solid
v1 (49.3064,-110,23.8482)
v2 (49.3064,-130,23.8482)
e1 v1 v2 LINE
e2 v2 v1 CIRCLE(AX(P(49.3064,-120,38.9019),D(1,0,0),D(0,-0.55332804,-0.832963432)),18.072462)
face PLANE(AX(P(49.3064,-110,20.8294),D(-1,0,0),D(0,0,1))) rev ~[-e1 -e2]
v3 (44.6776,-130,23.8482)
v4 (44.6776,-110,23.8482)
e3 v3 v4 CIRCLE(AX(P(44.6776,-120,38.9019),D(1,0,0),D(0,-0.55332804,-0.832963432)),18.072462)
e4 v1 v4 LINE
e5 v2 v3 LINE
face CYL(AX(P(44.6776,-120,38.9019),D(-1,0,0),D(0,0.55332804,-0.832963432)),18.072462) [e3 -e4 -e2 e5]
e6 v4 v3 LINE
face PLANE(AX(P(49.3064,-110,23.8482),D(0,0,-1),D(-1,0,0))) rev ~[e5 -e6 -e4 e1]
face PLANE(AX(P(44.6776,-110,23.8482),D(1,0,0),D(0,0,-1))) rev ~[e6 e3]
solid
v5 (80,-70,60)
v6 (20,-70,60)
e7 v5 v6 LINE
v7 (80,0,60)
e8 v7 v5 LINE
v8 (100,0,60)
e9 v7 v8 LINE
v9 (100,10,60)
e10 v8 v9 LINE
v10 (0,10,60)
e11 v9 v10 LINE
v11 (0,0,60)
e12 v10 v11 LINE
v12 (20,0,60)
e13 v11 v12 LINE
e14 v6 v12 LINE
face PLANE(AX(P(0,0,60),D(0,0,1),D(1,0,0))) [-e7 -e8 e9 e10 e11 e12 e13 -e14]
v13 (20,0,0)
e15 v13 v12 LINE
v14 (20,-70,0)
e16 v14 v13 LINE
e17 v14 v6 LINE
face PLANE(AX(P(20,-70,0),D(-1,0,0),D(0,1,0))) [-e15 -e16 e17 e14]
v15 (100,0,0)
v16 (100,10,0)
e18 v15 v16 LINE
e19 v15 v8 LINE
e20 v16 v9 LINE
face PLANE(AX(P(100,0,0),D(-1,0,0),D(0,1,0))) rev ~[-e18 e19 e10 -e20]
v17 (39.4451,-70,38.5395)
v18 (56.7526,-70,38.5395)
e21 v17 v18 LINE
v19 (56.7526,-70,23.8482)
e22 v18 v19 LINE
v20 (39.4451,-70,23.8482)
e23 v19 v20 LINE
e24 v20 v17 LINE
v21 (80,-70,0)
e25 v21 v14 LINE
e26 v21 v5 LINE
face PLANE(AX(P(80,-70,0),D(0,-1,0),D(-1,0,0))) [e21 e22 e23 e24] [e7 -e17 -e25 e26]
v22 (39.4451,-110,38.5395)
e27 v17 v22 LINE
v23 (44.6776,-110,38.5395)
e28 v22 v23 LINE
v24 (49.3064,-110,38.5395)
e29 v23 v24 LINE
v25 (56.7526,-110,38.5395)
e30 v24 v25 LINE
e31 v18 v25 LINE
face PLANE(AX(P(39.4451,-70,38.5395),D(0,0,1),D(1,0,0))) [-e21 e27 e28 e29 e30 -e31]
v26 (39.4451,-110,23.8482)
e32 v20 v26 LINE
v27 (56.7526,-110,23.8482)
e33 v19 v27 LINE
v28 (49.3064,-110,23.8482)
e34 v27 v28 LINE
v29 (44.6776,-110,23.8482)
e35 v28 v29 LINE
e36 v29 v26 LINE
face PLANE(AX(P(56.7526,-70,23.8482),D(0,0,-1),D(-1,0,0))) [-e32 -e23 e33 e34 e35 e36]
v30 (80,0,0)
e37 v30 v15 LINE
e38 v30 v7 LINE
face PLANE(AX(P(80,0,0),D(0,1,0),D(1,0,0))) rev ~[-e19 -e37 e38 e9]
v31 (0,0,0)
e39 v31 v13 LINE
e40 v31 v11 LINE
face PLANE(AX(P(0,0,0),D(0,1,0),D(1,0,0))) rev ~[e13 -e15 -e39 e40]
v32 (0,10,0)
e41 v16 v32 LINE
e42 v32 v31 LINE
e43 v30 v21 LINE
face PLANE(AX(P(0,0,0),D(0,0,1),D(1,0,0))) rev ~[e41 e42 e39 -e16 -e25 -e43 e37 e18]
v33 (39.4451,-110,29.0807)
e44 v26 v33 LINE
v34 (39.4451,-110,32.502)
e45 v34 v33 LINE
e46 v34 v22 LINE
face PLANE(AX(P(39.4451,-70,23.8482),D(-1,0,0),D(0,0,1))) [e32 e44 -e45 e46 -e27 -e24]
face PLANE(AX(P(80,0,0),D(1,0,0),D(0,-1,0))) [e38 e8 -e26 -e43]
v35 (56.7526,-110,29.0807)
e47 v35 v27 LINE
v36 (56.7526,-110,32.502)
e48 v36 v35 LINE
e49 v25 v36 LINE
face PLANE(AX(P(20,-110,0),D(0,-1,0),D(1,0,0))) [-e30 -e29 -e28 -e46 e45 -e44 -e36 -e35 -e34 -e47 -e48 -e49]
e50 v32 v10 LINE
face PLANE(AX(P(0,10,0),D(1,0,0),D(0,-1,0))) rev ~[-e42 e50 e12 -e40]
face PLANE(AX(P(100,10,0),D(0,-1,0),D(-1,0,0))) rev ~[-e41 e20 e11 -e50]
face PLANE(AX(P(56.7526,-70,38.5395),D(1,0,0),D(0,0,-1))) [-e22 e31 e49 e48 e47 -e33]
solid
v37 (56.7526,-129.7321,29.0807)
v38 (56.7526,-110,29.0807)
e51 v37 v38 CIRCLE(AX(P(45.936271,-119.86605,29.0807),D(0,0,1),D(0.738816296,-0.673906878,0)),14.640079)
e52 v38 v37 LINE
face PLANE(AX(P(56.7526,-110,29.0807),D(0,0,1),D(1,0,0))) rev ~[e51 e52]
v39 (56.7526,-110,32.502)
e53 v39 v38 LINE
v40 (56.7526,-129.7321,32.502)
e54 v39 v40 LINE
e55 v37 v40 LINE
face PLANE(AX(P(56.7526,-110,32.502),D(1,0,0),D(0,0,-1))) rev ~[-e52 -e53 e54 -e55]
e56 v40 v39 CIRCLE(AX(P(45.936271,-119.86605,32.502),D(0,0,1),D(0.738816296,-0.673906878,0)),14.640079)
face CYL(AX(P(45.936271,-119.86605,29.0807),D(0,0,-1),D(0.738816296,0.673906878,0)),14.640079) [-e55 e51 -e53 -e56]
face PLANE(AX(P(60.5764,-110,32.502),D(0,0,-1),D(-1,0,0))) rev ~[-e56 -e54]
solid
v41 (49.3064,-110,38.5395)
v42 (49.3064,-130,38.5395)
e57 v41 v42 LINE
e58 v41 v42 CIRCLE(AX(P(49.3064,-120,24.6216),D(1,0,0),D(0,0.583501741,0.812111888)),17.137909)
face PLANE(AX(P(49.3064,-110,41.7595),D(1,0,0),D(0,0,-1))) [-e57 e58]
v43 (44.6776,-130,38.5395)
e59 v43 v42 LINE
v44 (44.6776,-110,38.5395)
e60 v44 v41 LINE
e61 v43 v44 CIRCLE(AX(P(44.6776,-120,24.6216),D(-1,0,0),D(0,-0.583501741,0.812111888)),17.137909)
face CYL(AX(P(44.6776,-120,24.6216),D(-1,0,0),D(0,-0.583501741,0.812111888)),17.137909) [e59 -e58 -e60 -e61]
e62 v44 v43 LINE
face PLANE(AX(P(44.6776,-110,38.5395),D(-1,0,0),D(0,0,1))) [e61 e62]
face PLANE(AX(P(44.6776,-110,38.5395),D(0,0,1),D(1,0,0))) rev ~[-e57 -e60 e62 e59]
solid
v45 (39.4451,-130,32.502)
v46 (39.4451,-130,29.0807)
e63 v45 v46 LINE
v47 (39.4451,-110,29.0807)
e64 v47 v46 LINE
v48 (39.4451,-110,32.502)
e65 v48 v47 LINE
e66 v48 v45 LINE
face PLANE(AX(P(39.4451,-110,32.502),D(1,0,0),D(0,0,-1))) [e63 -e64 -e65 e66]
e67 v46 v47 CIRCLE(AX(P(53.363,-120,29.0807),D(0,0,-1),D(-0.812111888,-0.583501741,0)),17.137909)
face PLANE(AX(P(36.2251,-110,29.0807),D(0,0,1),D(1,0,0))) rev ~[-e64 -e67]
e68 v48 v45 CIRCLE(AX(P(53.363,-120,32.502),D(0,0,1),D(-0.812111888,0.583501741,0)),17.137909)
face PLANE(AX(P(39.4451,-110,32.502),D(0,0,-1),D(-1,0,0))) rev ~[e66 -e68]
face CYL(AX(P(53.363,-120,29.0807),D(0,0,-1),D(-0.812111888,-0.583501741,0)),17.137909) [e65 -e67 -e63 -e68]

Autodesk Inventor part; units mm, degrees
ref_plane "YZ Plane" through (0, 0, 0) normal (1, 0, 0) x (0, 1, 0)
ref_plane "XZ Plane" through (0, 0, 0) normal (0, 1, 0) x (-1, 0, 0)
ref_plane "XY Plane" through (0, 0, 0) normal (0, 0, 1) x (1, 0, 0)
sketch "Sketch1" plane through (0, 0, 0) normal (0, 0, 1) x (1, 0, 0)
  line L0 (0, 0) -> (100, 0)
  line L1 (100, 0) -> (100, 10)
  line L2 (100, 10) -> (0, 10)
  line L3 (0, 10) -> (0, 0)
  line L4 (20, 0) -> (80, 0)
  line L5 (80, 0) -> (80, -70)
  line L6 (80, -70) -> (20, -70)
  line L7 (20, -70) -> (20, 0)
  dimension "d0" = 100
  dimension "d1" = 10
  dimension "d2" = 60
  dimension "d3" = 70
extrude "Extrusion1" add sketch "Sketch1" along normal blind 60
sketch "Sketch3" plane through (20, -70, 0) normal (0, -1, 0) x (1, 0, 0)
  line L0 (36.7526, 23.8482) -> (19.4451, 23.8482)
  line L1 (19.4451, 23.8482) -> (19.4451, 38.5395)
  line L2 (19.4451, 38.5395) -> (36.7526, 38.5395)
  line L3 (36.7526, 38.5395) -> (36.7526, 23.8482)
  point P0 (-20, 0)
extrude "Extrusion2" add sketch "Sketch3" along normal blind 40
sketch "Sketch4" plane through (20, -110, 0) normal (0, -1, 0) x (1, 0, 0)
  line L0 (36.7526, 38.5395) -> (36.7526, 23.8482) projected
  line L1 (36.7526, 29.0807) -> (40.5764, 29.0807)
  line L2 (40.5764, 29.0807) -> (40.5764, 32.502)
  line L3 (40.5764, 32.502) -> (36.7526, 32.502)
  line L4 (36.7526, 32.502) -> (36.7526, 29.0807)
  line L5 (19.4451, 38.5395) -> (19.4451, 23.8482) projected
  line L6 (19.4451, 32.502) -> (16.2251, 32.502)
  line L7 (16.2251, 32.502) -> (16.2251, 29.0807)
  line L8 (16.2251, 29.0807) -> (19.4451, 29.0807)
  line L9 (19.4451, 29.0807) -> (19.4451, 32.502)
  line L10 (19.4451, 38.5395) -> (36.7526, 38.5395) projected
  line L11 (29.3064, 38.5395) -> (24.6776, 38.5395)
  line L12 (24.6776, 38.5395) -> (24.6776, 41.7595)
  line L13 (24.6776, 41.7595) -> (29.3064, 41.7595)
  line L14 (29.3064, 41.7595) -> (29.3064, 38.5395)
  line L15 (36.7526, 23.8482) -> (19.4451, 23.8482) projected
  line L16 (29.3064, 23.8482) -> (24.6776, 23.8482)
  line L17 (24.6776, 23.8482) -> (24.6776, 20.8294)
  line L18 (24.6776, 20.8294) -> (29.3064, 20.8294)
  line L19 (29.3064, 20.8294) -> (29.3064, 23.8482)
  point P0 (-20, 0)
extrude "Extrusion3" add sketch "Sketch4" along normal blind 20 contours L3 L2 L1 L0 | L10 L12 L13 L14 | L19 L18 L17 L15 | L5 L8 L7 L6
sketch "Sketch9" plane through (60.5764, -110, 29.0807) normal (0, 0, -1) x (-1, 0, 0)
  line L0 (3.8238, 0) -> (3.8238, -20) projected
  arc A0 (3.8238, 0) -> (3.8238, -19.7321) centre (14.64, -9.866) ccw
  line L1 (3.8238, 0) -> (0, 0) projected
  line L2 (3.8238, 0) -> (0, 0)
  line L3 (0, 0) -> (0, -9.866)
  line L4 (0, 0) -> (0, -20) projected
  line L5 (3.8238, -20) -> (0, -20) projected
  line L6 (0, -20) -> (3.8238, -20) projected
  line L7 (0, -20) -> (3.8238, -20)
  point P0 (60.5764, 110)
extrude "Extrusion4" cut sketch "Sketch9" against normal blind 20 contours A0 L3 L1 | L0 L5 L4 A0
sketch "Sketch10" plane through (39.4451, -110, 29.0807) normal (0, 0, -1) x (-1, 0, 0)
  line L0 (0, -20) -> (3.22, -20) projected
  line L1 (0, 0) -> (0, -20) projected
  arc A0 (0, -20) -> (0, 0) centre (-13.9179, -10) ccw
  line L2 (0, 0) -> (3.22, 0)
  line L3 (3.22, 0) -> (3.22, -10)
  line L4 (3.22, 0) -> (3.22, -20) projected
  point P0 (39.4451, 110)
extrude "Extrusion5" cut sketch "Sketch10" against normal blind 20 contours A0 L4 L0 | L2 L3 A0
sketch "Sketch11" plane through (44.6776, -110, 20.8294) normal (-1, 0, 0) x (0, 0, 1)
  line L0 (3.0188, 0) -> (3.0188, -20) projected
  arc A0 (3.0188, 0) -> (3.0188, -20) centre (18.0725, -10) ccw
  line L1 (3.0188, 0) -> (0, 0) projected
  line L2 (3.0188, 0) -> (0, 0)
  line L3 (0, 0) -> (0, -10)
  line L4 (0, 0) -> (0, -20) projected
  line L5 (0, -20) -> (3.0188, -20) projected
  line L6 (0, -20) -> (3.0188, -20)
  point P0 (-20.8294, 110)
extrude "Extrusion6" cut sketch "Sketch11" against normal blind 20 contours A0 L3 L1 | L5 L4 A0
sketch "Sketch12" plane through (44.6776, -110, 38.5395) normal (-1, 0, 0) x (0, 0, 1)
  line L0 (0, 0) -> (0, -20) projected
  arc A0 (0, -20) -> (0, 0) centre (-13.9179, -10) ccw
  line L1 (-6.0375, 0) -> (0, 0) projected
  line L2 (0, 0) -> (3.22, 0) projected
  line L3 (0, 0) -> (3.22, 0)
  line L4 (3.22, 0) -> (3.22, -10)
  line L5 (3.22, 0) -> (3.22, -20) projected
  line L6 (0, -20) -> (3.22, -20) projected
  line L7 (3.22, -20) -> (0, -20)
  point P0 (-38.5395, 110)
extrude "Extrusion7" cut sketch "Sketch12" against normal blind 20 contours L2 L4 A0 | A0 L5 L6
properties part number "robotarm"
